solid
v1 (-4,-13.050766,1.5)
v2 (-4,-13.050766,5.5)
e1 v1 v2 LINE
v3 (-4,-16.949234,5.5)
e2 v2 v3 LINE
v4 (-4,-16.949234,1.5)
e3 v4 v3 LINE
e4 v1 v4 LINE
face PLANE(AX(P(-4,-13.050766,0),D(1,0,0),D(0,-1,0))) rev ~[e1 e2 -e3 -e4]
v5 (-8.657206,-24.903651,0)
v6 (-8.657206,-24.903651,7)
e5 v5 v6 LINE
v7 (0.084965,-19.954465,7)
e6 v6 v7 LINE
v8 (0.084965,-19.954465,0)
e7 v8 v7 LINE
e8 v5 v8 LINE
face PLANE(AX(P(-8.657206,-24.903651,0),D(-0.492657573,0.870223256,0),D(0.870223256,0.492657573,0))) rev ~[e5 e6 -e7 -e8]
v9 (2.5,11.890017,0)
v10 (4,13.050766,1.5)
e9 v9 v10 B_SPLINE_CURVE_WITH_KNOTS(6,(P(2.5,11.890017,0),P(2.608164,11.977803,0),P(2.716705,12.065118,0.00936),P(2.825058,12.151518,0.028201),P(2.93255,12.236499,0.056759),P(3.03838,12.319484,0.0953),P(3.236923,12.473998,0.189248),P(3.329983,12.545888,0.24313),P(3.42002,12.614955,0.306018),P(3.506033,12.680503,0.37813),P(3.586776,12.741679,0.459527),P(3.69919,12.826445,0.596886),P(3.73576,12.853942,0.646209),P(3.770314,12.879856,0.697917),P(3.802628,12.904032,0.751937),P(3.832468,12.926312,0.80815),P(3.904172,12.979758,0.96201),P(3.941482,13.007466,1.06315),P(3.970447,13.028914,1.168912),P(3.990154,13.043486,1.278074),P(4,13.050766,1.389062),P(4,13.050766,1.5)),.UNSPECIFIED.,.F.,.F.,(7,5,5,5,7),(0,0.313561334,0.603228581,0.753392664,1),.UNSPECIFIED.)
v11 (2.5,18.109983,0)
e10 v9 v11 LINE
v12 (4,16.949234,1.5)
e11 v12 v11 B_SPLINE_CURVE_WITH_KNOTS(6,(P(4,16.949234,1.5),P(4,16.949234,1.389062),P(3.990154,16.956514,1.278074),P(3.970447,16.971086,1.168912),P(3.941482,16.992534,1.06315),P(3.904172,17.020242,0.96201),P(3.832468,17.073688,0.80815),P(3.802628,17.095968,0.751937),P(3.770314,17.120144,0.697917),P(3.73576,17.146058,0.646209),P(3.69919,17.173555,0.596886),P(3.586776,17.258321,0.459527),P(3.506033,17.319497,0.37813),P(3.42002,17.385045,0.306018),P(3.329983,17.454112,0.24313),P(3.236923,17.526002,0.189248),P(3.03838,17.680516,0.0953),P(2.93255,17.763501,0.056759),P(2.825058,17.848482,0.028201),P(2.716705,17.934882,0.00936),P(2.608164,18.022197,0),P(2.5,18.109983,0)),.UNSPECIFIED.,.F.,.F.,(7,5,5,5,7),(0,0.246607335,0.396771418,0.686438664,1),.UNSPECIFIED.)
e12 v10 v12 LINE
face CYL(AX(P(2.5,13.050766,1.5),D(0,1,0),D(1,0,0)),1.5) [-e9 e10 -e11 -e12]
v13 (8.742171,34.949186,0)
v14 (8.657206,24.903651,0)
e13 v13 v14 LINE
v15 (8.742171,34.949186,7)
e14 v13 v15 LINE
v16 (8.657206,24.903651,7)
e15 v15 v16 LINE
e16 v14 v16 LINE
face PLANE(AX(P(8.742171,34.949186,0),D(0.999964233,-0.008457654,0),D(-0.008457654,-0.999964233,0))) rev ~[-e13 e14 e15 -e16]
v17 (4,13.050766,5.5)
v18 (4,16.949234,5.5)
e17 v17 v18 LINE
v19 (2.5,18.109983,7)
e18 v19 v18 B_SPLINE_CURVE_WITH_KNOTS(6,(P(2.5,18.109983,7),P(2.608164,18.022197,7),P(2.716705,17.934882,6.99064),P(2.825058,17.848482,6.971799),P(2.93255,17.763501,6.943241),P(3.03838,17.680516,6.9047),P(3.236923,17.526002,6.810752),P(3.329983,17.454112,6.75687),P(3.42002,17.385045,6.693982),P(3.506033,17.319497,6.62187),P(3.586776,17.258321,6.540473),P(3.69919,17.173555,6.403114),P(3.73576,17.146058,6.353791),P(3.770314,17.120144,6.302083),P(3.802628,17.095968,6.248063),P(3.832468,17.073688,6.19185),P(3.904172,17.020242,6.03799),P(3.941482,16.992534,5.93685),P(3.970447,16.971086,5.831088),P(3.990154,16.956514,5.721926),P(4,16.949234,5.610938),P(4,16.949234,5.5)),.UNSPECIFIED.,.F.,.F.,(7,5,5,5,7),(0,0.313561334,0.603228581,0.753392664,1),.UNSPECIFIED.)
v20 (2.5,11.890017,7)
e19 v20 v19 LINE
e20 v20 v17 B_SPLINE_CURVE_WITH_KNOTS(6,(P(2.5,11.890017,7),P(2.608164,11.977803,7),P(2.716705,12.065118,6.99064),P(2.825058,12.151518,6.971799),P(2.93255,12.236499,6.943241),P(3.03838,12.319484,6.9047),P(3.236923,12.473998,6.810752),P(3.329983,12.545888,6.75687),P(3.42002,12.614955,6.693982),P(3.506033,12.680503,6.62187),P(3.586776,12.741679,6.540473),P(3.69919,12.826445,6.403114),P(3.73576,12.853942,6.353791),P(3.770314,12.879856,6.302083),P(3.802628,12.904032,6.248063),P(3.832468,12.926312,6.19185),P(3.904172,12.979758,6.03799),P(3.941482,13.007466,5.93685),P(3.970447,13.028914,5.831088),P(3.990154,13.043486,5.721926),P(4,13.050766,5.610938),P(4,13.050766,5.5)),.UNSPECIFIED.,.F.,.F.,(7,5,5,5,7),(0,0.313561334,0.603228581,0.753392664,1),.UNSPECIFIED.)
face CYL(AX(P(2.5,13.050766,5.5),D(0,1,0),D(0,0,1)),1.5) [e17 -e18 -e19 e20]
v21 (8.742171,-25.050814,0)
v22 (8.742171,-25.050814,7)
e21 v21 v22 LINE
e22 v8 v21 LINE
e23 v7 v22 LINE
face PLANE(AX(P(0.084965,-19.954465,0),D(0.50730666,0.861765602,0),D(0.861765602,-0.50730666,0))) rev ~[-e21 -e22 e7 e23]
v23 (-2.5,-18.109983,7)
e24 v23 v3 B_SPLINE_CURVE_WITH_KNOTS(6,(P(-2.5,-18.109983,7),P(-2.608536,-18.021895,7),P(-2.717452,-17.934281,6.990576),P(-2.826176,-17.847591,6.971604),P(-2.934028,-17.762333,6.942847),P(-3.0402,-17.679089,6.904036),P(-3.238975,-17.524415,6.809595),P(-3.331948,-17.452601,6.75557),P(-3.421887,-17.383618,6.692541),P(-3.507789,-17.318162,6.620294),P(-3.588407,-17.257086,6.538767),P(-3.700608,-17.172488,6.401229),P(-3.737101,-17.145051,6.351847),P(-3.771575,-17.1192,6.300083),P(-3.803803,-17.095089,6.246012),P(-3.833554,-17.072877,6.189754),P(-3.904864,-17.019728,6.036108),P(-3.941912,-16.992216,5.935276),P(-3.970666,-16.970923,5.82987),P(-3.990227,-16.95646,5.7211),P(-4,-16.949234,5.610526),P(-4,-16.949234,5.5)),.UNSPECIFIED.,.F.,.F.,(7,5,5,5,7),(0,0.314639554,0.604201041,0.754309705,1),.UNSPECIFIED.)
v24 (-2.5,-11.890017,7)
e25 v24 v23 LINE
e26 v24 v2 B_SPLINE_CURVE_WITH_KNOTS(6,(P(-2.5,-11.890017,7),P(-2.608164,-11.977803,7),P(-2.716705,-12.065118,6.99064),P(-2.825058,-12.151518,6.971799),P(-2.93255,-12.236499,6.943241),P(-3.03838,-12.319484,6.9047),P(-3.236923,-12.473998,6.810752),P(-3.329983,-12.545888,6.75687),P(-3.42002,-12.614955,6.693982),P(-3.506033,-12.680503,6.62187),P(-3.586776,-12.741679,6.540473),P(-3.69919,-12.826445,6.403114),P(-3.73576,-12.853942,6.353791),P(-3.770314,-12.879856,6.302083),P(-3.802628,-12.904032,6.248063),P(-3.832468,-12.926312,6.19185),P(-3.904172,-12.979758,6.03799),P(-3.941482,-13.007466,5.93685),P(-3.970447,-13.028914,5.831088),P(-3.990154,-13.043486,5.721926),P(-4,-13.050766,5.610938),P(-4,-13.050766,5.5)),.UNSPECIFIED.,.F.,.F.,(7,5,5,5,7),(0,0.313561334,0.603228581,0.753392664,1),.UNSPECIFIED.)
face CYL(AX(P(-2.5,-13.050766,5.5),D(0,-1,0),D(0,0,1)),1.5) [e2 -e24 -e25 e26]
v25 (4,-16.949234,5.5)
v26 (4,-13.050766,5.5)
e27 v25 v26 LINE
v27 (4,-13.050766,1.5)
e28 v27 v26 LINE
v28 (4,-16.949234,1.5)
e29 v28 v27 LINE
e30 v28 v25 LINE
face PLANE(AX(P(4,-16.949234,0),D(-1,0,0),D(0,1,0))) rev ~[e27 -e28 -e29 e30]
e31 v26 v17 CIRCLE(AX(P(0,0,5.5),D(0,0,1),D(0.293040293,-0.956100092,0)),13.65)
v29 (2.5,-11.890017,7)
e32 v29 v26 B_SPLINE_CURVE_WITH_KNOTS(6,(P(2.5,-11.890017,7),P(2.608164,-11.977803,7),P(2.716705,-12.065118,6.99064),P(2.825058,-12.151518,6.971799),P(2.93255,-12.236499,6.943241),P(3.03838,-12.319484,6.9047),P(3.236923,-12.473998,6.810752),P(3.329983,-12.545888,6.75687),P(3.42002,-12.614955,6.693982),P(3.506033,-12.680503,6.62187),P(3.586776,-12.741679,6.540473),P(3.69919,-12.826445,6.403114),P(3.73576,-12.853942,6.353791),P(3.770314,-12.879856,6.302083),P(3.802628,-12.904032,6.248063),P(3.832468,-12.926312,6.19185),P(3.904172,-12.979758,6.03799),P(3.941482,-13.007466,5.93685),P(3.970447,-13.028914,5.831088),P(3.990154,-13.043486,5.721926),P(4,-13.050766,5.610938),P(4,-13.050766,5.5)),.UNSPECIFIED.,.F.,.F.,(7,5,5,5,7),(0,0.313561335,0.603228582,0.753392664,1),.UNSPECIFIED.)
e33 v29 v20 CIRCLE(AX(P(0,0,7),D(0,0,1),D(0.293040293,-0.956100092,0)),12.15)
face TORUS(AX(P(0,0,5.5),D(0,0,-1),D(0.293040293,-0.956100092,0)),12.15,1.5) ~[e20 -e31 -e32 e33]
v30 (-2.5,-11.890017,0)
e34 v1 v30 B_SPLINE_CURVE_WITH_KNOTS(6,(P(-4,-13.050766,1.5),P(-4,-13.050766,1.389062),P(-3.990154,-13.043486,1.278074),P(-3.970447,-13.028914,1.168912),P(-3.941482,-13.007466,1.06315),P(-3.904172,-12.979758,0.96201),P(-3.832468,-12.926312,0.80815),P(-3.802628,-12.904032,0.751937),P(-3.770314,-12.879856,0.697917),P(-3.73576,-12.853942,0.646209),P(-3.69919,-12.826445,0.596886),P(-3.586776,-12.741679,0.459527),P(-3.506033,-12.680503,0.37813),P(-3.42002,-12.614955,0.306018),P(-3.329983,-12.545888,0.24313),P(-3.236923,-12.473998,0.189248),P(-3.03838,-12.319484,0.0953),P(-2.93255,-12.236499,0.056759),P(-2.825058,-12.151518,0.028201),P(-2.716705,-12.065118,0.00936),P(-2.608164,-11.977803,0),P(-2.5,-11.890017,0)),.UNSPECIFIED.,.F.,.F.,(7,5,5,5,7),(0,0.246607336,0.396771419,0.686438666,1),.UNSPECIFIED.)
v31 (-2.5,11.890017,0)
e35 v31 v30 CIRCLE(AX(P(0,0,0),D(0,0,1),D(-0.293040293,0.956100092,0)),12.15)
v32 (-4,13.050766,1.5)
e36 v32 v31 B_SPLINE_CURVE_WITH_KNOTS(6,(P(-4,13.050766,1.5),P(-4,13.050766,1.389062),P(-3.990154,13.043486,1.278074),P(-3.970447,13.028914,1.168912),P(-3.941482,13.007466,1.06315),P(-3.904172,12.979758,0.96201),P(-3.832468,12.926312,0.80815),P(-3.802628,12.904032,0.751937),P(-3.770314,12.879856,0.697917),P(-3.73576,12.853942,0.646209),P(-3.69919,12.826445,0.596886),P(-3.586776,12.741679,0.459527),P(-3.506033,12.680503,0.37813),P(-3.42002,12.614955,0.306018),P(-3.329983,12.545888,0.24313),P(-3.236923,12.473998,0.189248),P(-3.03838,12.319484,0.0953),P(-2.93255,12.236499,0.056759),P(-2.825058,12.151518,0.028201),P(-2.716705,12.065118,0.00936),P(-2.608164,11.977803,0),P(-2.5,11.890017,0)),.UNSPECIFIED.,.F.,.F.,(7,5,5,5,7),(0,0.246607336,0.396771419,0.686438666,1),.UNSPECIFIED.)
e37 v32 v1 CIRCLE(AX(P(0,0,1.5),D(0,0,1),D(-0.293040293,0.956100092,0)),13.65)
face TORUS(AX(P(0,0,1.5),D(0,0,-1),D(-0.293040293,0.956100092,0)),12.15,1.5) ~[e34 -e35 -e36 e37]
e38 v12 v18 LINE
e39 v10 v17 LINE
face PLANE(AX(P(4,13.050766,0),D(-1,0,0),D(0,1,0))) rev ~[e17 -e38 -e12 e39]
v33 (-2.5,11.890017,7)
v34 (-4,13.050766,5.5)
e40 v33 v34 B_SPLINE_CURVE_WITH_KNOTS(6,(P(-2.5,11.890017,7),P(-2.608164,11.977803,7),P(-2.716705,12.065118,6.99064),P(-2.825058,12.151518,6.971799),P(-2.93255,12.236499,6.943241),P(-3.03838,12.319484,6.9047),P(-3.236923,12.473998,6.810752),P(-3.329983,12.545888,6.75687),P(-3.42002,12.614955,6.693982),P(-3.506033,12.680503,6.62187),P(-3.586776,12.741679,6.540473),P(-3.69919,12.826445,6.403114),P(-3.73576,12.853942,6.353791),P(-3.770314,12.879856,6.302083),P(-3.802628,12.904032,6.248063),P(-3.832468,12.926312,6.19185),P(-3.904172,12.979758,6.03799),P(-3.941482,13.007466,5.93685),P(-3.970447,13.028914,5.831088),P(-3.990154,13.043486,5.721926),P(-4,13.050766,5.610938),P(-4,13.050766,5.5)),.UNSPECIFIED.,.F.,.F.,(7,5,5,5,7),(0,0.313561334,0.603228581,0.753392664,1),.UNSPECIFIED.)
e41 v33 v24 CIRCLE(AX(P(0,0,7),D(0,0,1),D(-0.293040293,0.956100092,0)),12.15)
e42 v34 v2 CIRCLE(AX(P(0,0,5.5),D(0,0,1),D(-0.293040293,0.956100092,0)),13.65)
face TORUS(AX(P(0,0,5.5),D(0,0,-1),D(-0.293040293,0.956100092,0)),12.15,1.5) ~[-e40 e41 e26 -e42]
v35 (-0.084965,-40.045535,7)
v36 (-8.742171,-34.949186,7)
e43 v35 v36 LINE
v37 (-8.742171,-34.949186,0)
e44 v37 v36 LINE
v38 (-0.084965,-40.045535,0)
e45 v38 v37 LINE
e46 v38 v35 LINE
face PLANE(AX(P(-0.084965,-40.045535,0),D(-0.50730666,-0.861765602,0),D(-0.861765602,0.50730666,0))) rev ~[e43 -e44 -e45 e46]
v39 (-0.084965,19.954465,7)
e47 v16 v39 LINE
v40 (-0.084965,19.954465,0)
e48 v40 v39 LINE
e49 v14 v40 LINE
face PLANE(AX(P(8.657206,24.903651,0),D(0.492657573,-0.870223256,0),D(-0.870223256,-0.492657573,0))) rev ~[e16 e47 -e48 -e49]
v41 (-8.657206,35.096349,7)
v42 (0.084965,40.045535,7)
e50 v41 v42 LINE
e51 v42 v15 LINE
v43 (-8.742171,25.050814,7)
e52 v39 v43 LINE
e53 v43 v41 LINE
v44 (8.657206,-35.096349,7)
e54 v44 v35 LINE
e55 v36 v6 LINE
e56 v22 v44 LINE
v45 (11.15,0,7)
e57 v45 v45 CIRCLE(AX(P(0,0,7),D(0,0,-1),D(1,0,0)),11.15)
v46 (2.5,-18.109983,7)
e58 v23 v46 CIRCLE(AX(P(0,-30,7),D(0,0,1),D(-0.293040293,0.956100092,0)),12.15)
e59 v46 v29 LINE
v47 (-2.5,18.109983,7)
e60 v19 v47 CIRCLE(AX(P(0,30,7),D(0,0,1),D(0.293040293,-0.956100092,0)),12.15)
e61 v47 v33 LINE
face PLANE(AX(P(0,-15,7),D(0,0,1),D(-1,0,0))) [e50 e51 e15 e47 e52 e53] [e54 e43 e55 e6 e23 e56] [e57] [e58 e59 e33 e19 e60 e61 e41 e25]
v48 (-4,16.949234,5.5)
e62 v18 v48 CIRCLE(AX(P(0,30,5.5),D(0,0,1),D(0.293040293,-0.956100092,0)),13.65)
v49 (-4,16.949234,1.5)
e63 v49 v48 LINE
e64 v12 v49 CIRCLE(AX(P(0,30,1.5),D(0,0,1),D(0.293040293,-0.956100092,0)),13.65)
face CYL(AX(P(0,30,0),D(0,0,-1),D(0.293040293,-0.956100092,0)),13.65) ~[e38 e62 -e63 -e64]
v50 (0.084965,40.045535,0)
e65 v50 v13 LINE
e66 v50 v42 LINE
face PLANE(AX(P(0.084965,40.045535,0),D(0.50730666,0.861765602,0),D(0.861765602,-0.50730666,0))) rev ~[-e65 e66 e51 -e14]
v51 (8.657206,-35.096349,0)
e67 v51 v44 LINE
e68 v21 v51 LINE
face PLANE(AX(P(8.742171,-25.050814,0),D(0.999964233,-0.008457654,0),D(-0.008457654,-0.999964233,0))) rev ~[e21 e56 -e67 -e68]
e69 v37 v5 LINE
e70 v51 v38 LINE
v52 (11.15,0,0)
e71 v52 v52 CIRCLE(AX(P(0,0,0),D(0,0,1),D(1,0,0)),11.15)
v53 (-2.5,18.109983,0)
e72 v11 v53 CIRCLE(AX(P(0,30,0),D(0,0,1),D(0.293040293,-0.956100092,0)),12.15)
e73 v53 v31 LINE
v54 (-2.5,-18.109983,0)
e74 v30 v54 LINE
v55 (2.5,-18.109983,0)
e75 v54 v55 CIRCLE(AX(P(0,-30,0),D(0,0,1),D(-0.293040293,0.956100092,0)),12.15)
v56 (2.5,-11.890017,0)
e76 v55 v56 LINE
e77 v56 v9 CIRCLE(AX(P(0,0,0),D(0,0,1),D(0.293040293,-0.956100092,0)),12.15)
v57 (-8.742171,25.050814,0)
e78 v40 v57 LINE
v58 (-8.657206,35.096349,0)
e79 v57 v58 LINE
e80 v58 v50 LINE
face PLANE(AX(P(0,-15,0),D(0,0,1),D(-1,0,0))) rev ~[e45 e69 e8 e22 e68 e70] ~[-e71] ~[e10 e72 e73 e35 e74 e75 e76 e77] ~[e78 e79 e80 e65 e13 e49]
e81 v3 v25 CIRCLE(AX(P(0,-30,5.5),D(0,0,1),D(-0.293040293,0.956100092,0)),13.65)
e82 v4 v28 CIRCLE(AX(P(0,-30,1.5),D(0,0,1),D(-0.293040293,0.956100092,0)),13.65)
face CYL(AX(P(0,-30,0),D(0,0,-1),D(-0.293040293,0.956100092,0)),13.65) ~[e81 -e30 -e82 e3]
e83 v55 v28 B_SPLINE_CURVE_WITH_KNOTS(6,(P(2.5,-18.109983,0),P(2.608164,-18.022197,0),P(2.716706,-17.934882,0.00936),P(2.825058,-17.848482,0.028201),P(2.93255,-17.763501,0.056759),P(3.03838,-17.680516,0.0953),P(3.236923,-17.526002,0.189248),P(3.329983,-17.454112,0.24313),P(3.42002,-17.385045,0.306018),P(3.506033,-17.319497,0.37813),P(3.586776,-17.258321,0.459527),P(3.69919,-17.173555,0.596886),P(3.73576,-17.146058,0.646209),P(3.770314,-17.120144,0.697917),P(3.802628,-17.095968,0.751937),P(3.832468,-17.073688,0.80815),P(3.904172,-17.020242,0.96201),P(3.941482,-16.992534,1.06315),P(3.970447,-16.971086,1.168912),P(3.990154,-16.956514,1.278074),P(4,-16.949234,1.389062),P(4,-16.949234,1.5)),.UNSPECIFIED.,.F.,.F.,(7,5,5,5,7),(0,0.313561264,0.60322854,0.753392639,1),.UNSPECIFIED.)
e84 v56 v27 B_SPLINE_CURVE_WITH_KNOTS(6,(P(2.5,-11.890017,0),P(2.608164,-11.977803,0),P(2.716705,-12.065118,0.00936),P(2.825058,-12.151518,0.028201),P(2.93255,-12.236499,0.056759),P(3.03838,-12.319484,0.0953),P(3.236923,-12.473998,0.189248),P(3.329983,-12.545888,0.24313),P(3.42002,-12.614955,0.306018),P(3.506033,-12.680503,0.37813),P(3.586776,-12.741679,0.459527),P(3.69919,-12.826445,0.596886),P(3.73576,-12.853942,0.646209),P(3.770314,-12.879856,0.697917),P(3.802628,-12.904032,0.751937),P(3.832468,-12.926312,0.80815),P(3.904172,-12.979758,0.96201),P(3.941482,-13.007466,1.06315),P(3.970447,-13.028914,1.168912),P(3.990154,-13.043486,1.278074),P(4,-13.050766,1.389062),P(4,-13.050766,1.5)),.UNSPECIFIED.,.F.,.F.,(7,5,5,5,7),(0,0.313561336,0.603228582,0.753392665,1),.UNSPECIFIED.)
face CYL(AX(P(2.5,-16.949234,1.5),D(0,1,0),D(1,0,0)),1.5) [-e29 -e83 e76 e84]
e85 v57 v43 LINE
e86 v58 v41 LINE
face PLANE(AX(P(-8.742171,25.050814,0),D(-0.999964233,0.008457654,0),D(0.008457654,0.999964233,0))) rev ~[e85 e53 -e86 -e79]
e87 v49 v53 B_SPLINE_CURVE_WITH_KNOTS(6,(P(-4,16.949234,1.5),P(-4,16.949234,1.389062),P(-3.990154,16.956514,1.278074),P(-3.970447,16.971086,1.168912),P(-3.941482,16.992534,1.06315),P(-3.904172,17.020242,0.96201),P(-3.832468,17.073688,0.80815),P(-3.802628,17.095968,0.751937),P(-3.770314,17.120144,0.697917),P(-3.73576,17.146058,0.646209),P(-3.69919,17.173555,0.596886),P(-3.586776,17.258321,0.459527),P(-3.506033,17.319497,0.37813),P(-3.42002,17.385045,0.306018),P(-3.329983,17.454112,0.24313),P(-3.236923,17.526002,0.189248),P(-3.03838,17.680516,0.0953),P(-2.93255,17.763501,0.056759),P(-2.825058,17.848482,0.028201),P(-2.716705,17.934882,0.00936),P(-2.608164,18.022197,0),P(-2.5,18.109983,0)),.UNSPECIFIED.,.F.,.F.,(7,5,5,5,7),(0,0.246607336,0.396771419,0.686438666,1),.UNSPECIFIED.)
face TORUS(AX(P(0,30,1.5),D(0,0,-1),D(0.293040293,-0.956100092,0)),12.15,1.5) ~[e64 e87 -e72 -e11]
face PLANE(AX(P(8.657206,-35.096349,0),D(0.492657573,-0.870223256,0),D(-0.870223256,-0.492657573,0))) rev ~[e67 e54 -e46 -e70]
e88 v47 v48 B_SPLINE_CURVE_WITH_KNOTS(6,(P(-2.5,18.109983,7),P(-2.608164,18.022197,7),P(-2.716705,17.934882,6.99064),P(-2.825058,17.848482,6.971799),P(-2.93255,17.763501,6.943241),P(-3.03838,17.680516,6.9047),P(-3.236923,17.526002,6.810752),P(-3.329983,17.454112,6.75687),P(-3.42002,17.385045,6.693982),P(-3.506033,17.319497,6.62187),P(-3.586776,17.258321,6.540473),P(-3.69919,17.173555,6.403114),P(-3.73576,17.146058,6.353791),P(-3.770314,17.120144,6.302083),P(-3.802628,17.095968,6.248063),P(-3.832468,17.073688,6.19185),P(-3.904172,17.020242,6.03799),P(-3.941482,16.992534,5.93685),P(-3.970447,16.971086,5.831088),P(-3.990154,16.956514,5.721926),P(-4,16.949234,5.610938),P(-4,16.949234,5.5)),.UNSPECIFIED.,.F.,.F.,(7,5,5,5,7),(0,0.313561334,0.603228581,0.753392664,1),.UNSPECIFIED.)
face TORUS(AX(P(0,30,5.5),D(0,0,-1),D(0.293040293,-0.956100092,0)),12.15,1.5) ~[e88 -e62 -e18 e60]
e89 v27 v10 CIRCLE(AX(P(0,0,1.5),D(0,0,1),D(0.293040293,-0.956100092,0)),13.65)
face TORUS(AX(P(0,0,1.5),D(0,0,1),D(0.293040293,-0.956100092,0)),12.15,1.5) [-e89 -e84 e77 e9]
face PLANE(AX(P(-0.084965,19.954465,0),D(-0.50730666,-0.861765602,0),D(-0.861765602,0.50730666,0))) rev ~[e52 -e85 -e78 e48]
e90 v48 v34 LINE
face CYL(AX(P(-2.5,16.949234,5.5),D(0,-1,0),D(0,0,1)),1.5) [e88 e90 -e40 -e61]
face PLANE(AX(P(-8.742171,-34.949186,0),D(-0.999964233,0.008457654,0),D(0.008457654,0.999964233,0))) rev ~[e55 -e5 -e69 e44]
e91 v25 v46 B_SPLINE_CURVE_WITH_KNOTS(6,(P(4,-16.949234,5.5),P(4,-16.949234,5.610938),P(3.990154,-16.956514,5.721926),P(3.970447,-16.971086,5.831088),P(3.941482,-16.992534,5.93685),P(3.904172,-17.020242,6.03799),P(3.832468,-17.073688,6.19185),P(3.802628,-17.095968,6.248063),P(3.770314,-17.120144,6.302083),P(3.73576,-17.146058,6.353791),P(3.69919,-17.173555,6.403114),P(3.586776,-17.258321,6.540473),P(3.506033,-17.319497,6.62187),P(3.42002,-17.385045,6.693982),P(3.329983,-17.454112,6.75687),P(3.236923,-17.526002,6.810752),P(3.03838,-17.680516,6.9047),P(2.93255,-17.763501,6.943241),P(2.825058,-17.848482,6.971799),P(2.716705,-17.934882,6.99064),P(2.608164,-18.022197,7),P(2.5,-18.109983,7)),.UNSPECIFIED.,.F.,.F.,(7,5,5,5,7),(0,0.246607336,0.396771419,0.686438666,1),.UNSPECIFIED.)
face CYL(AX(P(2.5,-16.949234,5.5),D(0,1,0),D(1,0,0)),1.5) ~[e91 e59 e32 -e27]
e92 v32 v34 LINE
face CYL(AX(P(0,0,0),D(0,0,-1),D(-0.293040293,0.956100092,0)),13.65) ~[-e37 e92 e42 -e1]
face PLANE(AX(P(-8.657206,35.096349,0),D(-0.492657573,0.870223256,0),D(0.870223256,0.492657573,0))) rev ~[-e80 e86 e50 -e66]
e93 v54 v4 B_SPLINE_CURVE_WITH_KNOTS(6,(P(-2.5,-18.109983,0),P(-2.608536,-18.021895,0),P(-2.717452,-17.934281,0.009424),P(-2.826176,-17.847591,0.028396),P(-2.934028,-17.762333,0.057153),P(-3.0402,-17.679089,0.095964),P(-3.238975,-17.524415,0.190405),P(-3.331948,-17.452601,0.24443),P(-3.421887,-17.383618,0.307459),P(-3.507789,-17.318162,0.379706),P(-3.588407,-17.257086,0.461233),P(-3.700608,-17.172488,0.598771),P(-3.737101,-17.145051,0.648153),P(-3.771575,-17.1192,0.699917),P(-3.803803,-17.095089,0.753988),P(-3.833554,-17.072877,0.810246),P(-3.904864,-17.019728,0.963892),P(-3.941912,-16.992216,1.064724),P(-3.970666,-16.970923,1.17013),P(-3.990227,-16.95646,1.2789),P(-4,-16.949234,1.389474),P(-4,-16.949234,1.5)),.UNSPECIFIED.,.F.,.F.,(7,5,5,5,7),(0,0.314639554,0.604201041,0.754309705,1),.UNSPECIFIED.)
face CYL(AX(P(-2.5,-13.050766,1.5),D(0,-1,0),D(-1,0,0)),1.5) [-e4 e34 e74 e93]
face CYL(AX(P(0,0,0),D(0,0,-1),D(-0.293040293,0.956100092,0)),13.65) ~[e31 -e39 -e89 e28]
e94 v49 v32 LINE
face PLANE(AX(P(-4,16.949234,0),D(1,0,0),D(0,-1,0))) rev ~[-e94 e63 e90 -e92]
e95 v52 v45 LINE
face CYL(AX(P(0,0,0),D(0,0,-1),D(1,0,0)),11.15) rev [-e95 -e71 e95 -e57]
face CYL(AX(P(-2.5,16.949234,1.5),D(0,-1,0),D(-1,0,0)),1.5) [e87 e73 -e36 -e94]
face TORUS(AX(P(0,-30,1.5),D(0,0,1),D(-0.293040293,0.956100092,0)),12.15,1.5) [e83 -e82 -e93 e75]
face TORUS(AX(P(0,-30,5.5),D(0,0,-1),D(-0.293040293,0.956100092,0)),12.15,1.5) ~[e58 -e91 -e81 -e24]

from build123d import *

# Parameters (mm, degrees)
F0_R     = 11.15
F1_DEPTH = 7
F3_COUNT = 2
F5_R     = 1.5


with BuildPart() as f1:
    # F0 (on Top) → F1 (new body)
    with BuildSketch(Plane.XY):
        with BuildLine():
            Line((-4, 16.949233739), (-4, 13.050766261))
            ThreePointArc((-4, 13.050766261), (0, -13.65), (4, 13.050766261))
            Line((4, 13.050766261), (4, 16.949233739))
            ThreePointArc((4, 16.949233739), (0, 43.65), (-4, 16.949233739))
        make_face()
        Circle(F0_R, mode=Mode.SUBTRACT)
        Polygon((8.7421711827, 34.949186096), (8.6572064785, 24.9036507196), (-0.0849647041, 19.9544646236), (-8.7421711827, 25.050813904), (-8.6572064785, 35.0963492804), (0.0849647041, 40.0455353764), align=None, mode=Mode.SUBTRACT)
    extrude(amount=F1_DEPTH)


with BuildPart() as f3_1:
    # F3: instance of F1
    add(f1.part.rotate(Axis((0, 0, 5.0780833699), (0, 0, 1)), 1 * 360 / F3_COUNT))


with BuildPart() as f1_1:
    add(f1.part)

    # F4: union F3_1
    add(f3_1.part)

    # F5
    f5_edges = [f1_1.edges().sort_by_distance(p)[0] for p in [
        (0, 43.65, 7),
        (4, 15, 7),
        (-4, 15, 7),
        (-13.65, 0, 7),
        (13.65, 0, 7),
        (4, -15, 7),
        (-4, -15, 7),
        (0, -43.65, 7),
        (0, -43.65, 0),
        (13.65, 0, 0),
        (4, -15, 0),
        (-4, -15, 0),
        (-13.65, 0, 0),
        (0, 43.65, 0),
        (4, 15, 0),
        (-4, 15, 0),
    ]]
    fillet(f5_edges, radius=F5_R)


solid = f1_1.part
